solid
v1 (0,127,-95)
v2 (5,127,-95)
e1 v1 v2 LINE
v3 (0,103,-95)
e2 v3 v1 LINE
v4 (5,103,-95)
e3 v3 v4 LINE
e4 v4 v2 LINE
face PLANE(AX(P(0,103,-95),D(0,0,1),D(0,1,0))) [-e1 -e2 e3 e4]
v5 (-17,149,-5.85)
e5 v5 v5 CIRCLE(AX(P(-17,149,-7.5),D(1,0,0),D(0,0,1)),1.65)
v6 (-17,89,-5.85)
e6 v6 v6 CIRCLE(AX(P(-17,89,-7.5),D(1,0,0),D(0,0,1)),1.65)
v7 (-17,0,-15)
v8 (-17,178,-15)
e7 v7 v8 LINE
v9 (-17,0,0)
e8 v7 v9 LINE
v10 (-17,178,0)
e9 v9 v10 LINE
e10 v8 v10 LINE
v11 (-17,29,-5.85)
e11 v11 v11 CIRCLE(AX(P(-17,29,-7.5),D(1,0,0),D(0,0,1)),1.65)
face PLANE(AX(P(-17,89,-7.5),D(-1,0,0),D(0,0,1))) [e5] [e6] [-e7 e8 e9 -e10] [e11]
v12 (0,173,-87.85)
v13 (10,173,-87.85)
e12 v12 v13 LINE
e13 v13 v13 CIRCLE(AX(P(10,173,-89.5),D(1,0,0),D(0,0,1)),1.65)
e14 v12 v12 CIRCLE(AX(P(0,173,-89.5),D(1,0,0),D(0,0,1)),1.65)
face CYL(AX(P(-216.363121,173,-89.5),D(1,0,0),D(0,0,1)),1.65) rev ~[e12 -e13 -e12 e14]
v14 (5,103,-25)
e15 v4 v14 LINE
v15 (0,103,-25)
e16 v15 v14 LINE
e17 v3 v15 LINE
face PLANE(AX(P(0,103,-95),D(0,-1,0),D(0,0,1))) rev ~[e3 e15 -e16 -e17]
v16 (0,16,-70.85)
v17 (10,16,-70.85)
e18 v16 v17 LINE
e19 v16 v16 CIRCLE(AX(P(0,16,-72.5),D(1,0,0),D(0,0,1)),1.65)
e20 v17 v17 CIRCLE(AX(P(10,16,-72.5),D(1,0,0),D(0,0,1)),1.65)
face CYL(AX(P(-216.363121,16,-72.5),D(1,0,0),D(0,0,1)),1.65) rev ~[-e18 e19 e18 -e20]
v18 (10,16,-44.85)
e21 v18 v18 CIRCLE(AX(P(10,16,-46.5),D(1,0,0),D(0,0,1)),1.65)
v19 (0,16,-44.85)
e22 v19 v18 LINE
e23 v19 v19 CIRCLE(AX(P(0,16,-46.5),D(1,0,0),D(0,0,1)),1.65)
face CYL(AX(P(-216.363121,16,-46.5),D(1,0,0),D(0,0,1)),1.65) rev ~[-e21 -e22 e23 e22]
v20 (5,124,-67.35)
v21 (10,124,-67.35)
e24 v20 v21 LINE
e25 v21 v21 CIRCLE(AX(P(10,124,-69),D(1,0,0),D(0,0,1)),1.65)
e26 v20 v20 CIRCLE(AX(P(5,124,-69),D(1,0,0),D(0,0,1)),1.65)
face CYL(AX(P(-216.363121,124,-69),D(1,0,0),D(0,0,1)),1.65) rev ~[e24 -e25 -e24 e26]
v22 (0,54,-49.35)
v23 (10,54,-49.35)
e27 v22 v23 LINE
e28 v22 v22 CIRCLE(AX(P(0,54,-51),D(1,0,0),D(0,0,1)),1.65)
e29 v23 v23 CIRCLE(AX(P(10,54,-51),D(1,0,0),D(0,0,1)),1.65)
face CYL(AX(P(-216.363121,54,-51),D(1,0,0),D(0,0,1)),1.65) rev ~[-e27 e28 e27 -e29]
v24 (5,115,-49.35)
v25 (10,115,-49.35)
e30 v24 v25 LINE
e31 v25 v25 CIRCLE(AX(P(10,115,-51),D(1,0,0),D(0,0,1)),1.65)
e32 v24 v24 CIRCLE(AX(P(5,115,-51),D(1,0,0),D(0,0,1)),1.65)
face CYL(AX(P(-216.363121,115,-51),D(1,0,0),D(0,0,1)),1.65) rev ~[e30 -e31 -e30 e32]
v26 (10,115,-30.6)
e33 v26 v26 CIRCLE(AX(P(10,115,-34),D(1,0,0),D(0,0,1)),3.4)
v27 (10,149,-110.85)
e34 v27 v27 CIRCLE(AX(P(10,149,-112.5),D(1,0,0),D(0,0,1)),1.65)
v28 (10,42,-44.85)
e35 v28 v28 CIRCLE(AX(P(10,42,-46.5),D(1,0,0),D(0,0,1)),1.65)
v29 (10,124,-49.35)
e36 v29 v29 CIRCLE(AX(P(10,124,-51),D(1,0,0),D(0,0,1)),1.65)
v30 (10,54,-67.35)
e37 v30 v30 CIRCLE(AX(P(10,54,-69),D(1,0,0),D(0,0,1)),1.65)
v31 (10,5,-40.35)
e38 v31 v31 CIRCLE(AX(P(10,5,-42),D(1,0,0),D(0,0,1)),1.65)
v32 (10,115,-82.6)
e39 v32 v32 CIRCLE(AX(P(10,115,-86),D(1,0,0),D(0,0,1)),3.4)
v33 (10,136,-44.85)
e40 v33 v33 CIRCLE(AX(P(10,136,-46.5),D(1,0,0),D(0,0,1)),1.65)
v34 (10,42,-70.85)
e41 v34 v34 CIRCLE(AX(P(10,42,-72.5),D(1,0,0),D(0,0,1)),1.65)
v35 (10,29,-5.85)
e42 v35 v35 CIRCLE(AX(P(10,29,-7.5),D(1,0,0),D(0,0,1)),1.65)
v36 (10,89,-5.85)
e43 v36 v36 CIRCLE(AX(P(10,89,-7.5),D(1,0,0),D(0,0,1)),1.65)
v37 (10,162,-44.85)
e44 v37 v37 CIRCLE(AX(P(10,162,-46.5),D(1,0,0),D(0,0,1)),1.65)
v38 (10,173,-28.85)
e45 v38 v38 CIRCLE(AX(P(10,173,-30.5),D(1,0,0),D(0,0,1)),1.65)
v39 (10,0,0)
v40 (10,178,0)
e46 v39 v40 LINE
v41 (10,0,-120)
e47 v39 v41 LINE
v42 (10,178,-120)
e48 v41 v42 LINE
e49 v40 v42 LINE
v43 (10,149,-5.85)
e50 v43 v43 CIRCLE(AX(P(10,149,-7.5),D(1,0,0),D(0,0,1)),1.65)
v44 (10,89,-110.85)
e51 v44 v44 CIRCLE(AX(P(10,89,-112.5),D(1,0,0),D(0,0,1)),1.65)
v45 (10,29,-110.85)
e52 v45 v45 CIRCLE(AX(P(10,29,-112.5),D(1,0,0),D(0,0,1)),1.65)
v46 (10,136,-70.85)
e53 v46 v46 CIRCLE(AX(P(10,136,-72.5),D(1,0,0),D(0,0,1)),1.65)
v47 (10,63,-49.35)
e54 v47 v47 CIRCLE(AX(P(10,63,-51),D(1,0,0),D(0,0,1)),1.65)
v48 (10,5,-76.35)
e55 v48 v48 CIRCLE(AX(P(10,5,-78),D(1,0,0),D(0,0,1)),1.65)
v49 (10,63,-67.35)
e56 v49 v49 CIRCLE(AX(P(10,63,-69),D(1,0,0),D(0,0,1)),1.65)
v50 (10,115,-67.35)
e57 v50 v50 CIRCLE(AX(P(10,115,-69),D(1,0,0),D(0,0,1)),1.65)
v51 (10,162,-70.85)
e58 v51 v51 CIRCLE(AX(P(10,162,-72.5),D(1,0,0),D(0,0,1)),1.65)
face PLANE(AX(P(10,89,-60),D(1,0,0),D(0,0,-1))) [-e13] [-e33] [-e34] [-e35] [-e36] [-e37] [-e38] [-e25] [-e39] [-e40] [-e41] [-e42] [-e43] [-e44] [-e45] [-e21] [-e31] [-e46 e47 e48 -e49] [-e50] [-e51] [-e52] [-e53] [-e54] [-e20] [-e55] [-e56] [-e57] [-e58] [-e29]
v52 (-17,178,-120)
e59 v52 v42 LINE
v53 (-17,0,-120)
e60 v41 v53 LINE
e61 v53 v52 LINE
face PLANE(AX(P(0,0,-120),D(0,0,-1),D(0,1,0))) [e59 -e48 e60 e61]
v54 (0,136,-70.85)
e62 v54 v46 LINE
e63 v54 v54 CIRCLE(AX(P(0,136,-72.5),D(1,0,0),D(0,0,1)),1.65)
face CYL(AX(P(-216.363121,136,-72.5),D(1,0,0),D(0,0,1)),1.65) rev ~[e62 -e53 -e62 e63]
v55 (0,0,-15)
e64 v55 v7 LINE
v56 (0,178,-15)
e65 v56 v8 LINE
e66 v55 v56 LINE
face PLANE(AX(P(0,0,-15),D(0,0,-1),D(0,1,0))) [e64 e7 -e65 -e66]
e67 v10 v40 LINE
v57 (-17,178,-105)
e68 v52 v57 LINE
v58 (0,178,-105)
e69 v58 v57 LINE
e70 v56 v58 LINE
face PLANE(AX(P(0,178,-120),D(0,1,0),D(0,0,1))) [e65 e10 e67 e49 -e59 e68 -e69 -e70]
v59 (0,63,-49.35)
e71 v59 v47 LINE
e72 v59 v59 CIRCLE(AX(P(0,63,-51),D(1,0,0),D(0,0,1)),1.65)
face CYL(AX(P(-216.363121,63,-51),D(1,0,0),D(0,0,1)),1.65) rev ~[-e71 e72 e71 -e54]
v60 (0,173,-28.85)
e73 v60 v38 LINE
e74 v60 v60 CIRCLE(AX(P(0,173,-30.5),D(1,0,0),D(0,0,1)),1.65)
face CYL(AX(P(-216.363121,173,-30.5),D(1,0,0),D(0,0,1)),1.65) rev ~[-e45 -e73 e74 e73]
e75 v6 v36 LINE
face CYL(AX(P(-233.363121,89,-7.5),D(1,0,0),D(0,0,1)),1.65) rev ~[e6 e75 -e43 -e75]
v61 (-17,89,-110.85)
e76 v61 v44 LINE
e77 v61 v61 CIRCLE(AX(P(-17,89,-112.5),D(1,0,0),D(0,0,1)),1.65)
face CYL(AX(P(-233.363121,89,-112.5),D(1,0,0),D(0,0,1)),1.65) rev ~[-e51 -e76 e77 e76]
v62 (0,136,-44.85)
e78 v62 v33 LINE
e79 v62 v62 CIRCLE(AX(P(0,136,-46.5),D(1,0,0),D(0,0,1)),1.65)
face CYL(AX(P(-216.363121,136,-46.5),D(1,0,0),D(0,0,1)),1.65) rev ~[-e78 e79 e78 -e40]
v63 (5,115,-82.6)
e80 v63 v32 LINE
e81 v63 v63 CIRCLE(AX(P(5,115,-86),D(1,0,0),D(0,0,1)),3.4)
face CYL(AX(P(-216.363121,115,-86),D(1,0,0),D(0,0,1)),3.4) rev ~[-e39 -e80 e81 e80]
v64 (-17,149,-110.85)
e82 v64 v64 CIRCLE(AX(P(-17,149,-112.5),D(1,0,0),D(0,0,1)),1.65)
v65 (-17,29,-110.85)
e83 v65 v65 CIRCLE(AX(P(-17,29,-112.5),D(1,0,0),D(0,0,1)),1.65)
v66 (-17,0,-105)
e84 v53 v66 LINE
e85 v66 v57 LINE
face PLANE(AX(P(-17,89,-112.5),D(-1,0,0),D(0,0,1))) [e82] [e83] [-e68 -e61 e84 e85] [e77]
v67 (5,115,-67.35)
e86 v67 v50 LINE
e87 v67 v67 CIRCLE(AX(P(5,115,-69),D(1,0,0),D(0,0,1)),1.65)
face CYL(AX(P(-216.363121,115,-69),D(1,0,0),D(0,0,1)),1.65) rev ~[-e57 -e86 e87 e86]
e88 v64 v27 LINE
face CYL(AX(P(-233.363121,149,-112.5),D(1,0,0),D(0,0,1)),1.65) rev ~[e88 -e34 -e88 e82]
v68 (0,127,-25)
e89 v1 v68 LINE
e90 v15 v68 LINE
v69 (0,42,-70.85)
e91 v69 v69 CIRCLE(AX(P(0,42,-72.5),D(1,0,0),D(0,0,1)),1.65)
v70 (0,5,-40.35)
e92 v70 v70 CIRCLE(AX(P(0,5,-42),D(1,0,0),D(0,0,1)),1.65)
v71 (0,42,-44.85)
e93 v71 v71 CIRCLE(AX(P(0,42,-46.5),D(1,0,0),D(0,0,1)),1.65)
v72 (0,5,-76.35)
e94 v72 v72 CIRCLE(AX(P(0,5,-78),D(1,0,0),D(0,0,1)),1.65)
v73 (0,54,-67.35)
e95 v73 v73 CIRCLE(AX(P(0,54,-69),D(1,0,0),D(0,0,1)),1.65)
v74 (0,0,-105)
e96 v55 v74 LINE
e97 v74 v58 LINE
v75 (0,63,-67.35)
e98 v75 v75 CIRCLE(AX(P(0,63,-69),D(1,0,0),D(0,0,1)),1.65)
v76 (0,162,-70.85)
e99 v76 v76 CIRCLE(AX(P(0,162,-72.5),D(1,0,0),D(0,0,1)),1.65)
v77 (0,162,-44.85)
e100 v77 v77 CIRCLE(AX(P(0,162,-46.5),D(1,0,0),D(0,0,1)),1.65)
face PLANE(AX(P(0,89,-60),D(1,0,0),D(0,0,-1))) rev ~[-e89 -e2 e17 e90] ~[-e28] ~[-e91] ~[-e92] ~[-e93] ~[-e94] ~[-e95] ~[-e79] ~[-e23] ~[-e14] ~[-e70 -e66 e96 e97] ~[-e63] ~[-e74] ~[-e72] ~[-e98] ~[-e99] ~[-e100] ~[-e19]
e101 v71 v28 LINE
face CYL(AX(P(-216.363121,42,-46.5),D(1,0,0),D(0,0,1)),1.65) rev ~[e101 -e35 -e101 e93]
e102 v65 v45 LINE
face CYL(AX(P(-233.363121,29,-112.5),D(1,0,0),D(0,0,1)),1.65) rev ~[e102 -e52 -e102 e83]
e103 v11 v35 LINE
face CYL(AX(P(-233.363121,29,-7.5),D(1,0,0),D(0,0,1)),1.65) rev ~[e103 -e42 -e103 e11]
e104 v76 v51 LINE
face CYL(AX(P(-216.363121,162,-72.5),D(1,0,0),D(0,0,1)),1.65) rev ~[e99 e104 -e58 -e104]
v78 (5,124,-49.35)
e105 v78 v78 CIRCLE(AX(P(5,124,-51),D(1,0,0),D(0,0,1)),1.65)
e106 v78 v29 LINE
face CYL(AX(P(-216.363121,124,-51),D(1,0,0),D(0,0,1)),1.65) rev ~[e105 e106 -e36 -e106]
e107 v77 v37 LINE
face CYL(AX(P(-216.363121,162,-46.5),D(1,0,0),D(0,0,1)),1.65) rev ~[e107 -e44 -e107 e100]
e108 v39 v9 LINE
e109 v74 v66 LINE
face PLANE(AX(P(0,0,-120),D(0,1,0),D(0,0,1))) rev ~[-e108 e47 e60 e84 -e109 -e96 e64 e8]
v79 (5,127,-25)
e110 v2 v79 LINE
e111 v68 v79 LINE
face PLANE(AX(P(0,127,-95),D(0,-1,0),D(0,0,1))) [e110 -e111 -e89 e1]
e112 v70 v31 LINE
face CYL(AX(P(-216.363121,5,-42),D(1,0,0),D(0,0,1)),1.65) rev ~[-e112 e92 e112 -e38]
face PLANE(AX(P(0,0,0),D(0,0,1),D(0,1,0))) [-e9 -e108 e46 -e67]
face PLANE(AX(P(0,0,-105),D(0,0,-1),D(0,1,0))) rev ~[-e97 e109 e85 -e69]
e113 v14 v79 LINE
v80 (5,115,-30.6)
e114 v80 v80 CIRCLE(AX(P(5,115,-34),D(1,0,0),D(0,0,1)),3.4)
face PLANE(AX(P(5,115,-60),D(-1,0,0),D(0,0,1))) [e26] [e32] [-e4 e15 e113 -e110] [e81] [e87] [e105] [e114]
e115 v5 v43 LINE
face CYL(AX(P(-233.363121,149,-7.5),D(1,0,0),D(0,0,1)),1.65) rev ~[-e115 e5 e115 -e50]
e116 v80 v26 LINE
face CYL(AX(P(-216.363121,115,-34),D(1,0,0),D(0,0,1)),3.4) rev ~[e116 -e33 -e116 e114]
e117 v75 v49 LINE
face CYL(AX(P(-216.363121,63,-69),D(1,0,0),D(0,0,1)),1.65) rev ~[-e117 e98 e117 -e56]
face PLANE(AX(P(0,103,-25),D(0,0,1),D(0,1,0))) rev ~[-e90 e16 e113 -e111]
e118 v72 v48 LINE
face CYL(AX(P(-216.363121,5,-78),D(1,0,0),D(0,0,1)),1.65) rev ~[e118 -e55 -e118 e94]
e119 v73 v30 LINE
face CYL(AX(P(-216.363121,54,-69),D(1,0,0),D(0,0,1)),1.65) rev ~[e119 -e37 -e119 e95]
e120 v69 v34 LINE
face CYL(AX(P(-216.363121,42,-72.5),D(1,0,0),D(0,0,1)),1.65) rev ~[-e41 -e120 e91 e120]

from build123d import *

# Parameters (mm, degrees)
SKETCH_1_W             = 120
SKETCH_1_H             = 178
EXTRUDE_1_DEPTH        = 10
SKETCH_2_W             = 15
SKETCH_2_H             = 178
EXTRUDE_2_DEPTH        = 17
SKETCH_3_W             = 70
SKETCH_3_H             = 24
CUT_EXTRUDE_1_DEPTH    = 5
HOLE_WIZARD_M4_1_D     = 3.3
PATTERN_LINEAR_1_COUNT = 3
PATTERN_LINEAR_1_PITCH = 60
HOLE_WIZARD_M4_2_D     = 3.3
HOLE_WIZARD_M8_1_D     = 6.8
HOLE_WIZARD_M4_7_D     = 3.3
HOLE_WIZARD_M4_3_D     = 3.3
HOLE_WIZARD_M4_5_D     = 3.3
HOLE_WIZARD_M4_6_D     = 3.3


with BuildPart() as part:
    # 草图1 → 凸台-拉伸1 (new body)
    with BuildSketch(Plane(origin=(0, 0, 0), x_dir=(0, 0, -1), z_dir=(1, 0, 0))):
        with Locations((60, 89)):
            Rectangle(SKETCH_1_W, SKETCH_1_H)
    extrude(amount=EXTRUDE_1_DEPTH)

    # 草图2 → 凸台-拉伸2 (add)
    with BuildSketch(Plane.ZY):
        with Locations((-112.5, 89)):
            Rectangle(SKETCH_2_W, SKETCH_2_H)
        with Locations((-7.5, 89)):
            Rectangle(SKETCH_2_W, SKETCH_2_H)
    extrude(amount=EXTRUDE_2_DEPTH)

    # 草图3 → 切除-拉伸1 (cut)
    with BuildSketch(Plane.ZY):
        with Locations((-60, 115)):
            Rectangle(SKETCH_3_W, SKETCH_3_H)
    extrude(amount=-CUT_EXTRUDE_1_DEPTH, mode=Mode.SUBTRACT)

    # M4 螺纹孔1 (through all)
    with Locations(Plane(origin=(-17, 149, -112.5), x_dir=(0, 0, -1), z_dir=(-1, 0, 0))):
        with Locations((0, 0), (-105, 0)):
            hole_wizard_m4_1 = Hole(HOLE_WIZARD_M4_1_D / 2)

    # 阵列(线性)1: M4 螺纹孔1 ×3
    with Locations(*[(0, -i * PATTERN_LINEAR_1_PITCH, 0) for i in range(1, PATTERN_LINEAR_1_COUNT)]):
        add(hole_wizard_m4_1, mode=Mode.SUBTRACT)

    # M4 螺纹孔2 (through all)
    with Locations(Plane(origin=(0, 173, -89.5), x_dir=(0, 0, -1), z_dir=(-1, 0, 0))):
        with Locations((0, 0), (-59, 0), (-11.5, 168), (-47.5, 168)):
            Hole(HOLE_WIZARD_M4_2_D / 2)

    # M8 螺纹孔1 (through all)
    with Locations(Plane(origin=(0, 115, -86), x_dir=(0, 0, -1), z_dir=(-1, 0, 0))):
        with Locations((0, 0), (-52, 0)):
            Hole(HOLE_WIZARD_M8_1_D / 2)

    # M4 螺纹孔7 (through all)
    with Locations(Plane(origin=(0, 115, -69), x_dir=(0, 0, -1), z_dir=(-1, 0, 0))):
        with Locations((0, 0), (-18, 0), (0, -9), (-18, -9)):
            Hole(HOLE_WIZARD_M4_7_D / 2)

    # M4 螺纹孔3 (through all)
    with Locations(Plane(origin=(0, 63, -69), x_dir=(0, 0, -1), z_dir=(-1, 0, 0))):
        with Locations((0, 0), (-18, 0), (0, 9), (-18, 9)):
            Hole(HOLE_WIZARD_M4_3_D / 2)

    # M4 螺纹孔5 (through all)
    with Locations(Plane(origin=(0, 162, -72.5), x_dir=(0, 0, -1), z_dir=(-1, 0, 0))):
        with Locations((0, 0), (-26, 0), (0, 146), (-26, 146), (-26, 120), (0, 120)):
            Hole(HOLE_WIZARD_M4_5_D / 2)

    # M4 螺纹孔6 (through all)
    with Locations(Plane(origin=(0, 136, -72.5), x_dir=(0, 0, -1), z_dir=(-1, 0, 0))):
        with Locations((0, 0), (-26, 0)):
            Hole(HOLE_WIZARD_M4_6_D / 2)


solid = part.part
